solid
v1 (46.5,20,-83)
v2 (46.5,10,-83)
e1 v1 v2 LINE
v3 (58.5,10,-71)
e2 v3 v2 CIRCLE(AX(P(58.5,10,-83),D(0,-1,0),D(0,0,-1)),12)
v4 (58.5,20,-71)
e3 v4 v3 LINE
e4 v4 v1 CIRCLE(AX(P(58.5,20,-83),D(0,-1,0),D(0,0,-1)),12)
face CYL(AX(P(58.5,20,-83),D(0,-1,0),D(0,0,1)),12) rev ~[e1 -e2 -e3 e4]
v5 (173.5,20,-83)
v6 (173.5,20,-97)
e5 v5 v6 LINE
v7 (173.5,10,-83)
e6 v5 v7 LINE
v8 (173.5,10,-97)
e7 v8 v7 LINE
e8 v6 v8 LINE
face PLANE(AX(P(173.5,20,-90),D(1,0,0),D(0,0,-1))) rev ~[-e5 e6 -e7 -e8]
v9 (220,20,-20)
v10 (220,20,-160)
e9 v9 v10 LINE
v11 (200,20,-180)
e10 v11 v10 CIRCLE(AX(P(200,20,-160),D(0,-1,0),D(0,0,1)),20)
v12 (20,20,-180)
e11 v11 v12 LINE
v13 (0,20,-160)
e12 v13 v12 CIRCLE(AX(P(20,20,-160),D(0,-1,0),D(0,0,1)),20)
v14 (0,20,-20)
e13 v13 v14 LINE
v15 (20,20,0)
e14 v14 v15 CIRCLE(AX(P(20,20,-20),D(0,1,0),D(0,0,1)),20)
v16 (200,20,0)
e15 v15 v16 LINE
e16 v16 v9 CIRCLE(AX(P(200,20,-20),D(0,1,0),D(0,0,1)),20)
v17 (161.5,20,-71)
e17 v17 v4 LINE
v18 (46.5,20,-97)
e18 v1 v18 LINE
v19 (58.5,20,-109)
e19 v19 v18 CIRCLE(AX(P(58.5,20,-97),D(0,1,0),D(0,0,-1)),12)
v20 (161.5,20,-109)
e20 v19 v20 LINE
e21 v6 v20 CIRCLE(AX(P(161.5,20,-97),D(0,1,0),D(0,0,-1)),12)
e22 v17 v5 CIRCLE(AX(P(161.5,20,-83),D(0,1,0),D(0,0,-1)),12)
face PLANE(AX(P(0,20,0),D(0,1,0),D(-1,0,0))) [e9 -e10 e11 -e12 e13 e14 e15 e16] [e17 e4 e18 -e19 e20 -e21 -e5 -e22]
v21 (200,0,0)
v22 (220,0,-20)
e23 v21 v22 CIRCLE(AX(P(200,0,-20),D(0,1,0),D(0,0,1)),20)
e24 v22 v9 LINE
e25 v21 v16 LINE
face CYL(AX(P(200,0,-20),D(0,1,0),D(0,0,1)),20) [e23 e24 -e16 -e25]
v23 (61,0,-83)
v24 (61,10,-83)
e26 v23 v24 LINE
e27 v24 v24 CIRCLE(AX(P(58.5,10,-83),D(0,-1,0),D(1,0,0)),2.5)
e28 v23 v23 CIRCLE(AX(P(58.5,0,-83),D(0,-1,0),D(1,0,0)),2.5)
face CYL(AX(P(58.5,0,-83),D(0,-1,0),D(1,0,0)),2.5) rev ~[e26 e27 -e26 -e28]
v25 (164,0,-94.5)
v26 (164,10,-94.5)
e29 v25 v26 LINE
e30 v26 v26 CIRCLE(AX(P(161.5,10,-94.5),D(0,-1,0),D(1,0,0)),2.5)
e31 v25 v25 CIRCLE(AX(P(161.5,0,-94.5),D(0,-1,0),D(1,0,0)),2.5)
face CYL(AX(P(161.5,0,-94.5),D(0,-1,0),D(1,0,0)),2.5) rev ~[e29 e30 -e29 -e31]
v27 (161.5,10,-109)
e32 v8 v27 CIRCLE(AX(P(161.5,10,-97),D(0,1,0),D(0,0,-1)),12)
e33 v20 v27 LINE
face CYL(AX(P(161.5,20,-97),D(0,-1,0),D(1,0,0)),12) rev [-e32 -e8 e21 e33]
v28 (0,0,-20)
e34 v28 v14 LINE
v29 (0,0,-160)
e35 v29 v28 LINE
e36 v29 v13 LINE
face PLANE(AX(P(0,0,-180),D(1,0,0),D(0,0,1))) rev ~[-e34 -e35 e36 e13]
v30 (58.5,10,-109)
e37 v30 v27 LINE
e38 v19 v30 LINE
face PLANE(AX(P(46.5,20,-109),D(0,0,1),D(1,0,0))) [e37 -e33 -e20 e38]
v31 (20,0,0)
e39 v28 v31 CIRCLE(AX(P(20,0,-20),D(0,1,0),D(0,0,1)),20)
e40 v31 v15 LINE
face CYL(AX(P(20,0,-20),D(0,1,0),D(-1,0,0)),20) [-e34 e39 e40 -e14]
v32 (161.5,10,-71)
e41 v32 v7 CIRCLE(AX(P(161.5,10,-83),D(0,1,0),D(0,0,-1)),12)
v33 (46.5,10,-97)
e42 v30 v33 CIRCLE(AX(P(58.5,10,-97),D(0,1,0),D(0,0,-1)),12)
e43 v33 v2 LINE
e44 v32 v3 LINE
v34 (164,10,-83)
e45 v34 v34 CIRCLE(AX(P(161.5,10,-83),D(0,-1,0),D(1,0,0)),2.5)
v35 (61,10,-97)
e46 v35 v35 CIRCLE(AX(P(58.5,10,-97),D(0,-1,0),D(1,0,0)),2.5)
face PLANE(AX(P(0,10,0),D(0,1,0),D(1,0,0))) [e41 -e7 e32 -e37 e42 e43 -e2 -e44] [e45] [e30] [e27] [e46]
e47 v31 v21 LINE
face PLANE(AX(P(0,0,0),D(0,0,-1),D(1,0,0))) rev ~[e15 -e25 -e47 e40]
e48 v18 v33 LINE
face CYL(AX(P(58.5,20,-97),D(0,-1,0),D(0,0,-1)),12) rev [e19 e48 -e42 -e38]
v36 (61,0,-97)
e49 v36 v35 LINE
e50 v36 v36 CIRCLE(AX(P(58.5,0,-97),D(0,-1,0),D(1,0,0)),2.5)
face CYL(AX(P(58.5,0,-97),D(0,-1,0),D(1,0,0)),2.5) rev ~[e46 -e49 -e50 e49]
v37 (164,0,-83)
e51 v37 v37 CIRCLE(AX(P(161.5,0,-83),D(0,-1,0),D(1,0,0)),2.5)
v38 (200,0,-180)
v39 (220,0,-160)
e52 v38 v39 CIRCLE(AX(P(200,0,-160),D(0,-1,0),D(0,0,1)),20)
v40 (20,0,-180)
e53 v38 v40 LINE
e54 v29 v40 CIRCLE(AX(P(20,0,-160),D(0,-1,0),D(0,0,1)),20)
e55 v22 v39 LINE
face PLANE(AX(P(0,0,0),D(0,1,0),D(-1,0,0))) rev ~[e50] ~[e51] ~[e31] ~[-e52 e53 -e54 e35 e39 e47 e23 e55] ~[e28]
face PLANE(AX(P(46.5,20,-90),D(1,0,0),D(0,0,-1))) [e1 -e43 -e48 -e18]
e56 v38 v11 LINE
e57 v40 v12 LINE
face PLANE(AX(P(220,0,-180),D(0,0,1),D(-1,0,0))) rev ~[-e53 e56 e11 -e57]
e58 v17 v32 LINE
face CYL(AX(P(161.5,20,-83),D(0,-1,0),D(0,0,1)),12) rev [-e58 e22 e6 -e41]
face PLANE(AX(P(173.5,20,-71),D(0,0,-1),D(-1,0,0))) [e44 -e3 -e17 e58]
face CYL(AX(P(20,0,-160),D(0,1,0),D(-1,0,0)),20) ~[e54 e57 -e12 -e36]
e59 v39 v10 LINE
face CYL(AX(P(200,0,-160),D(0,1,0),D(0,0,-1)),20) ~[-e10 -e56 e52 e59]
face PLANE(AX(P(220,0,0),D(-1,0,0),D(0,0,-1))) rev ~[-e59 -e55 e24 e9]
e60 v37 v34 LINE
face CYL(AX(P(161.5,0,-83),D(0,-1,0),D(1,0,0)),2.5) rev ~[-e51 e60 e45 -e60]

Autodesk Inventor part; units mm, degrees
ref_plane "YZ Plane" through (0, 0, 0) normal (1, 0, 0) x (0, 1, 0)
ref_plane "XZ Plane" through (0, 0, 0) normal (0, 1, 0) x (-1, 0, 0)
ref_plane "XY Plane" through (0, 0, 0) normal (0, 0, 1) x (1, 0, 0)
sketch "Sketch2" plane through (0, 0, 0) normal (0, 1, 0) x (-1, 0, 0)
  line L0 (0, 0) -> (-220, 0)
  line L1 (-220, 0) -> (-220, -180)
  line L2 (-220, -180) -> (0, -180)
  line L3 (0, -180) -> (0, 0)
  dimension "d0" = 220
  dimension "d1" = 180
extrude "Extrusion1" add sketch "Sketch2" along normal blind 20
sketch "Sketch3" plane through (0, 20, 0) normal (0, 1, 0) x (1, 0, 0)
  line L0 (0, 20) -> (0, 160)
  line L1 (0, 90) -> (46.5, 90)
  line L2 (46.5, 90) -> (173.5, 90)
  line L3 (173.5, 90) -> (173.5, 109)
  line L4 (173.5, 109) -> (173.5, 71)
  line L5 (173.5, 71) -> (46.5, 71)
  line L6 (46.5, 71) -> (46.5, 109)
  line L7 (46.5, 109) -> (173.5, 109)
  line L8 (0, 0) -> (220, 0) projected
  line L9 (220, 0) -> (220, 180) projected
  line L10 (220, 180) -> (0, 180) projected
  line L11 (0, 180) -> (0, 0) projected
  dimension "d4" = 46.5
  dimension "d5" = 127
  dimension "d6" = 19
  dimension "d7" = 38
  dimension "d11" = 71
extrude "Extrusion2" cut sketch "Sketch3" against normal blind 10 contours L6 L7 L3 L2 | L2 L4 L5 L6
fillet "Fillet1" radius 20 4 edges at (0, 10, -180) (0, 10, 0) (220, 10, 0) (220, 10, -180)
fillet "Fillet2" radius 12 4 edges at (46.5, 15, -109) (173.5, 15, -109) (46.5, 15, -71) (173.5, 15, -71)
sketch "Sketch5" plane through (0, 0, 0) normal (0, -1, 0) x (1, 0, 0)
  line L0 (110, -90) -> (58.5, -90) construction
  line L1 (110, -90) -> (161.5, -90) construction
  line L2 (58.5, -90) -> (58.5, -97) construction
  line L3 (58.5, -97) -> (58.5, -83) construction
  line L4 (58.5, -83) -> (161.5, -83) construction
  line L5 (161.5, -83) -> (161.5, -97) construction
  circle A0 centre (58.5, -97) radius 2.5
  circle A1 centre (58.5, -83) radius 2.5
  circle A2 centre (161.5, -83) radius 2.5
  circle A3 centre (161.5, -94.5) radius 2.5
  line L6 (20, 0) -> (200, 0) projected
  arc A4 (200, -180) -> (220, -160) centre (200, -160) ccw projected
  line L7 (220, -20) -> (220, -160) projected
  arc A5 (220, -20) -> (200, 0) centre (200, -20) ccw projected
  line L8 (20, 0) -> (200, 0) projected
  arc A6 (20, 0) -> (0, -20) centre (20, -20) ccw projected
  line L9 (0, -160) -> (0, -20) projected
  arc A7 (0, -160) -> (20, -180) centre (20, -160) ccw projected
  line L10 (200, -180) -> (20, -180) projected
  point P0 (0, 0)
  point P1 (110, -90)
  dimension "d38" = 51.5
  dimension "d39" = 51.5
  dimension "d40" = 7
  dimension "d41" = 14
  dimension "d42" = 5
  dimension "d43" = 5
  dimension "d44" = 5
  dimension "d45" = 5
  dimension "d46" = 103
  dimension "d47" = 51.5
  dimension "d48" = 0
  dimension "d49" = 11.5
  dimension "d50" = 14
  dimension "d51" = 58.5
  dimension "d52" = 83
extrude "Extrusion4" cut sketch "Sketch5" against normal through all contours A0 | A1 | A2 | A3
properties part number "reverse gear stand"
